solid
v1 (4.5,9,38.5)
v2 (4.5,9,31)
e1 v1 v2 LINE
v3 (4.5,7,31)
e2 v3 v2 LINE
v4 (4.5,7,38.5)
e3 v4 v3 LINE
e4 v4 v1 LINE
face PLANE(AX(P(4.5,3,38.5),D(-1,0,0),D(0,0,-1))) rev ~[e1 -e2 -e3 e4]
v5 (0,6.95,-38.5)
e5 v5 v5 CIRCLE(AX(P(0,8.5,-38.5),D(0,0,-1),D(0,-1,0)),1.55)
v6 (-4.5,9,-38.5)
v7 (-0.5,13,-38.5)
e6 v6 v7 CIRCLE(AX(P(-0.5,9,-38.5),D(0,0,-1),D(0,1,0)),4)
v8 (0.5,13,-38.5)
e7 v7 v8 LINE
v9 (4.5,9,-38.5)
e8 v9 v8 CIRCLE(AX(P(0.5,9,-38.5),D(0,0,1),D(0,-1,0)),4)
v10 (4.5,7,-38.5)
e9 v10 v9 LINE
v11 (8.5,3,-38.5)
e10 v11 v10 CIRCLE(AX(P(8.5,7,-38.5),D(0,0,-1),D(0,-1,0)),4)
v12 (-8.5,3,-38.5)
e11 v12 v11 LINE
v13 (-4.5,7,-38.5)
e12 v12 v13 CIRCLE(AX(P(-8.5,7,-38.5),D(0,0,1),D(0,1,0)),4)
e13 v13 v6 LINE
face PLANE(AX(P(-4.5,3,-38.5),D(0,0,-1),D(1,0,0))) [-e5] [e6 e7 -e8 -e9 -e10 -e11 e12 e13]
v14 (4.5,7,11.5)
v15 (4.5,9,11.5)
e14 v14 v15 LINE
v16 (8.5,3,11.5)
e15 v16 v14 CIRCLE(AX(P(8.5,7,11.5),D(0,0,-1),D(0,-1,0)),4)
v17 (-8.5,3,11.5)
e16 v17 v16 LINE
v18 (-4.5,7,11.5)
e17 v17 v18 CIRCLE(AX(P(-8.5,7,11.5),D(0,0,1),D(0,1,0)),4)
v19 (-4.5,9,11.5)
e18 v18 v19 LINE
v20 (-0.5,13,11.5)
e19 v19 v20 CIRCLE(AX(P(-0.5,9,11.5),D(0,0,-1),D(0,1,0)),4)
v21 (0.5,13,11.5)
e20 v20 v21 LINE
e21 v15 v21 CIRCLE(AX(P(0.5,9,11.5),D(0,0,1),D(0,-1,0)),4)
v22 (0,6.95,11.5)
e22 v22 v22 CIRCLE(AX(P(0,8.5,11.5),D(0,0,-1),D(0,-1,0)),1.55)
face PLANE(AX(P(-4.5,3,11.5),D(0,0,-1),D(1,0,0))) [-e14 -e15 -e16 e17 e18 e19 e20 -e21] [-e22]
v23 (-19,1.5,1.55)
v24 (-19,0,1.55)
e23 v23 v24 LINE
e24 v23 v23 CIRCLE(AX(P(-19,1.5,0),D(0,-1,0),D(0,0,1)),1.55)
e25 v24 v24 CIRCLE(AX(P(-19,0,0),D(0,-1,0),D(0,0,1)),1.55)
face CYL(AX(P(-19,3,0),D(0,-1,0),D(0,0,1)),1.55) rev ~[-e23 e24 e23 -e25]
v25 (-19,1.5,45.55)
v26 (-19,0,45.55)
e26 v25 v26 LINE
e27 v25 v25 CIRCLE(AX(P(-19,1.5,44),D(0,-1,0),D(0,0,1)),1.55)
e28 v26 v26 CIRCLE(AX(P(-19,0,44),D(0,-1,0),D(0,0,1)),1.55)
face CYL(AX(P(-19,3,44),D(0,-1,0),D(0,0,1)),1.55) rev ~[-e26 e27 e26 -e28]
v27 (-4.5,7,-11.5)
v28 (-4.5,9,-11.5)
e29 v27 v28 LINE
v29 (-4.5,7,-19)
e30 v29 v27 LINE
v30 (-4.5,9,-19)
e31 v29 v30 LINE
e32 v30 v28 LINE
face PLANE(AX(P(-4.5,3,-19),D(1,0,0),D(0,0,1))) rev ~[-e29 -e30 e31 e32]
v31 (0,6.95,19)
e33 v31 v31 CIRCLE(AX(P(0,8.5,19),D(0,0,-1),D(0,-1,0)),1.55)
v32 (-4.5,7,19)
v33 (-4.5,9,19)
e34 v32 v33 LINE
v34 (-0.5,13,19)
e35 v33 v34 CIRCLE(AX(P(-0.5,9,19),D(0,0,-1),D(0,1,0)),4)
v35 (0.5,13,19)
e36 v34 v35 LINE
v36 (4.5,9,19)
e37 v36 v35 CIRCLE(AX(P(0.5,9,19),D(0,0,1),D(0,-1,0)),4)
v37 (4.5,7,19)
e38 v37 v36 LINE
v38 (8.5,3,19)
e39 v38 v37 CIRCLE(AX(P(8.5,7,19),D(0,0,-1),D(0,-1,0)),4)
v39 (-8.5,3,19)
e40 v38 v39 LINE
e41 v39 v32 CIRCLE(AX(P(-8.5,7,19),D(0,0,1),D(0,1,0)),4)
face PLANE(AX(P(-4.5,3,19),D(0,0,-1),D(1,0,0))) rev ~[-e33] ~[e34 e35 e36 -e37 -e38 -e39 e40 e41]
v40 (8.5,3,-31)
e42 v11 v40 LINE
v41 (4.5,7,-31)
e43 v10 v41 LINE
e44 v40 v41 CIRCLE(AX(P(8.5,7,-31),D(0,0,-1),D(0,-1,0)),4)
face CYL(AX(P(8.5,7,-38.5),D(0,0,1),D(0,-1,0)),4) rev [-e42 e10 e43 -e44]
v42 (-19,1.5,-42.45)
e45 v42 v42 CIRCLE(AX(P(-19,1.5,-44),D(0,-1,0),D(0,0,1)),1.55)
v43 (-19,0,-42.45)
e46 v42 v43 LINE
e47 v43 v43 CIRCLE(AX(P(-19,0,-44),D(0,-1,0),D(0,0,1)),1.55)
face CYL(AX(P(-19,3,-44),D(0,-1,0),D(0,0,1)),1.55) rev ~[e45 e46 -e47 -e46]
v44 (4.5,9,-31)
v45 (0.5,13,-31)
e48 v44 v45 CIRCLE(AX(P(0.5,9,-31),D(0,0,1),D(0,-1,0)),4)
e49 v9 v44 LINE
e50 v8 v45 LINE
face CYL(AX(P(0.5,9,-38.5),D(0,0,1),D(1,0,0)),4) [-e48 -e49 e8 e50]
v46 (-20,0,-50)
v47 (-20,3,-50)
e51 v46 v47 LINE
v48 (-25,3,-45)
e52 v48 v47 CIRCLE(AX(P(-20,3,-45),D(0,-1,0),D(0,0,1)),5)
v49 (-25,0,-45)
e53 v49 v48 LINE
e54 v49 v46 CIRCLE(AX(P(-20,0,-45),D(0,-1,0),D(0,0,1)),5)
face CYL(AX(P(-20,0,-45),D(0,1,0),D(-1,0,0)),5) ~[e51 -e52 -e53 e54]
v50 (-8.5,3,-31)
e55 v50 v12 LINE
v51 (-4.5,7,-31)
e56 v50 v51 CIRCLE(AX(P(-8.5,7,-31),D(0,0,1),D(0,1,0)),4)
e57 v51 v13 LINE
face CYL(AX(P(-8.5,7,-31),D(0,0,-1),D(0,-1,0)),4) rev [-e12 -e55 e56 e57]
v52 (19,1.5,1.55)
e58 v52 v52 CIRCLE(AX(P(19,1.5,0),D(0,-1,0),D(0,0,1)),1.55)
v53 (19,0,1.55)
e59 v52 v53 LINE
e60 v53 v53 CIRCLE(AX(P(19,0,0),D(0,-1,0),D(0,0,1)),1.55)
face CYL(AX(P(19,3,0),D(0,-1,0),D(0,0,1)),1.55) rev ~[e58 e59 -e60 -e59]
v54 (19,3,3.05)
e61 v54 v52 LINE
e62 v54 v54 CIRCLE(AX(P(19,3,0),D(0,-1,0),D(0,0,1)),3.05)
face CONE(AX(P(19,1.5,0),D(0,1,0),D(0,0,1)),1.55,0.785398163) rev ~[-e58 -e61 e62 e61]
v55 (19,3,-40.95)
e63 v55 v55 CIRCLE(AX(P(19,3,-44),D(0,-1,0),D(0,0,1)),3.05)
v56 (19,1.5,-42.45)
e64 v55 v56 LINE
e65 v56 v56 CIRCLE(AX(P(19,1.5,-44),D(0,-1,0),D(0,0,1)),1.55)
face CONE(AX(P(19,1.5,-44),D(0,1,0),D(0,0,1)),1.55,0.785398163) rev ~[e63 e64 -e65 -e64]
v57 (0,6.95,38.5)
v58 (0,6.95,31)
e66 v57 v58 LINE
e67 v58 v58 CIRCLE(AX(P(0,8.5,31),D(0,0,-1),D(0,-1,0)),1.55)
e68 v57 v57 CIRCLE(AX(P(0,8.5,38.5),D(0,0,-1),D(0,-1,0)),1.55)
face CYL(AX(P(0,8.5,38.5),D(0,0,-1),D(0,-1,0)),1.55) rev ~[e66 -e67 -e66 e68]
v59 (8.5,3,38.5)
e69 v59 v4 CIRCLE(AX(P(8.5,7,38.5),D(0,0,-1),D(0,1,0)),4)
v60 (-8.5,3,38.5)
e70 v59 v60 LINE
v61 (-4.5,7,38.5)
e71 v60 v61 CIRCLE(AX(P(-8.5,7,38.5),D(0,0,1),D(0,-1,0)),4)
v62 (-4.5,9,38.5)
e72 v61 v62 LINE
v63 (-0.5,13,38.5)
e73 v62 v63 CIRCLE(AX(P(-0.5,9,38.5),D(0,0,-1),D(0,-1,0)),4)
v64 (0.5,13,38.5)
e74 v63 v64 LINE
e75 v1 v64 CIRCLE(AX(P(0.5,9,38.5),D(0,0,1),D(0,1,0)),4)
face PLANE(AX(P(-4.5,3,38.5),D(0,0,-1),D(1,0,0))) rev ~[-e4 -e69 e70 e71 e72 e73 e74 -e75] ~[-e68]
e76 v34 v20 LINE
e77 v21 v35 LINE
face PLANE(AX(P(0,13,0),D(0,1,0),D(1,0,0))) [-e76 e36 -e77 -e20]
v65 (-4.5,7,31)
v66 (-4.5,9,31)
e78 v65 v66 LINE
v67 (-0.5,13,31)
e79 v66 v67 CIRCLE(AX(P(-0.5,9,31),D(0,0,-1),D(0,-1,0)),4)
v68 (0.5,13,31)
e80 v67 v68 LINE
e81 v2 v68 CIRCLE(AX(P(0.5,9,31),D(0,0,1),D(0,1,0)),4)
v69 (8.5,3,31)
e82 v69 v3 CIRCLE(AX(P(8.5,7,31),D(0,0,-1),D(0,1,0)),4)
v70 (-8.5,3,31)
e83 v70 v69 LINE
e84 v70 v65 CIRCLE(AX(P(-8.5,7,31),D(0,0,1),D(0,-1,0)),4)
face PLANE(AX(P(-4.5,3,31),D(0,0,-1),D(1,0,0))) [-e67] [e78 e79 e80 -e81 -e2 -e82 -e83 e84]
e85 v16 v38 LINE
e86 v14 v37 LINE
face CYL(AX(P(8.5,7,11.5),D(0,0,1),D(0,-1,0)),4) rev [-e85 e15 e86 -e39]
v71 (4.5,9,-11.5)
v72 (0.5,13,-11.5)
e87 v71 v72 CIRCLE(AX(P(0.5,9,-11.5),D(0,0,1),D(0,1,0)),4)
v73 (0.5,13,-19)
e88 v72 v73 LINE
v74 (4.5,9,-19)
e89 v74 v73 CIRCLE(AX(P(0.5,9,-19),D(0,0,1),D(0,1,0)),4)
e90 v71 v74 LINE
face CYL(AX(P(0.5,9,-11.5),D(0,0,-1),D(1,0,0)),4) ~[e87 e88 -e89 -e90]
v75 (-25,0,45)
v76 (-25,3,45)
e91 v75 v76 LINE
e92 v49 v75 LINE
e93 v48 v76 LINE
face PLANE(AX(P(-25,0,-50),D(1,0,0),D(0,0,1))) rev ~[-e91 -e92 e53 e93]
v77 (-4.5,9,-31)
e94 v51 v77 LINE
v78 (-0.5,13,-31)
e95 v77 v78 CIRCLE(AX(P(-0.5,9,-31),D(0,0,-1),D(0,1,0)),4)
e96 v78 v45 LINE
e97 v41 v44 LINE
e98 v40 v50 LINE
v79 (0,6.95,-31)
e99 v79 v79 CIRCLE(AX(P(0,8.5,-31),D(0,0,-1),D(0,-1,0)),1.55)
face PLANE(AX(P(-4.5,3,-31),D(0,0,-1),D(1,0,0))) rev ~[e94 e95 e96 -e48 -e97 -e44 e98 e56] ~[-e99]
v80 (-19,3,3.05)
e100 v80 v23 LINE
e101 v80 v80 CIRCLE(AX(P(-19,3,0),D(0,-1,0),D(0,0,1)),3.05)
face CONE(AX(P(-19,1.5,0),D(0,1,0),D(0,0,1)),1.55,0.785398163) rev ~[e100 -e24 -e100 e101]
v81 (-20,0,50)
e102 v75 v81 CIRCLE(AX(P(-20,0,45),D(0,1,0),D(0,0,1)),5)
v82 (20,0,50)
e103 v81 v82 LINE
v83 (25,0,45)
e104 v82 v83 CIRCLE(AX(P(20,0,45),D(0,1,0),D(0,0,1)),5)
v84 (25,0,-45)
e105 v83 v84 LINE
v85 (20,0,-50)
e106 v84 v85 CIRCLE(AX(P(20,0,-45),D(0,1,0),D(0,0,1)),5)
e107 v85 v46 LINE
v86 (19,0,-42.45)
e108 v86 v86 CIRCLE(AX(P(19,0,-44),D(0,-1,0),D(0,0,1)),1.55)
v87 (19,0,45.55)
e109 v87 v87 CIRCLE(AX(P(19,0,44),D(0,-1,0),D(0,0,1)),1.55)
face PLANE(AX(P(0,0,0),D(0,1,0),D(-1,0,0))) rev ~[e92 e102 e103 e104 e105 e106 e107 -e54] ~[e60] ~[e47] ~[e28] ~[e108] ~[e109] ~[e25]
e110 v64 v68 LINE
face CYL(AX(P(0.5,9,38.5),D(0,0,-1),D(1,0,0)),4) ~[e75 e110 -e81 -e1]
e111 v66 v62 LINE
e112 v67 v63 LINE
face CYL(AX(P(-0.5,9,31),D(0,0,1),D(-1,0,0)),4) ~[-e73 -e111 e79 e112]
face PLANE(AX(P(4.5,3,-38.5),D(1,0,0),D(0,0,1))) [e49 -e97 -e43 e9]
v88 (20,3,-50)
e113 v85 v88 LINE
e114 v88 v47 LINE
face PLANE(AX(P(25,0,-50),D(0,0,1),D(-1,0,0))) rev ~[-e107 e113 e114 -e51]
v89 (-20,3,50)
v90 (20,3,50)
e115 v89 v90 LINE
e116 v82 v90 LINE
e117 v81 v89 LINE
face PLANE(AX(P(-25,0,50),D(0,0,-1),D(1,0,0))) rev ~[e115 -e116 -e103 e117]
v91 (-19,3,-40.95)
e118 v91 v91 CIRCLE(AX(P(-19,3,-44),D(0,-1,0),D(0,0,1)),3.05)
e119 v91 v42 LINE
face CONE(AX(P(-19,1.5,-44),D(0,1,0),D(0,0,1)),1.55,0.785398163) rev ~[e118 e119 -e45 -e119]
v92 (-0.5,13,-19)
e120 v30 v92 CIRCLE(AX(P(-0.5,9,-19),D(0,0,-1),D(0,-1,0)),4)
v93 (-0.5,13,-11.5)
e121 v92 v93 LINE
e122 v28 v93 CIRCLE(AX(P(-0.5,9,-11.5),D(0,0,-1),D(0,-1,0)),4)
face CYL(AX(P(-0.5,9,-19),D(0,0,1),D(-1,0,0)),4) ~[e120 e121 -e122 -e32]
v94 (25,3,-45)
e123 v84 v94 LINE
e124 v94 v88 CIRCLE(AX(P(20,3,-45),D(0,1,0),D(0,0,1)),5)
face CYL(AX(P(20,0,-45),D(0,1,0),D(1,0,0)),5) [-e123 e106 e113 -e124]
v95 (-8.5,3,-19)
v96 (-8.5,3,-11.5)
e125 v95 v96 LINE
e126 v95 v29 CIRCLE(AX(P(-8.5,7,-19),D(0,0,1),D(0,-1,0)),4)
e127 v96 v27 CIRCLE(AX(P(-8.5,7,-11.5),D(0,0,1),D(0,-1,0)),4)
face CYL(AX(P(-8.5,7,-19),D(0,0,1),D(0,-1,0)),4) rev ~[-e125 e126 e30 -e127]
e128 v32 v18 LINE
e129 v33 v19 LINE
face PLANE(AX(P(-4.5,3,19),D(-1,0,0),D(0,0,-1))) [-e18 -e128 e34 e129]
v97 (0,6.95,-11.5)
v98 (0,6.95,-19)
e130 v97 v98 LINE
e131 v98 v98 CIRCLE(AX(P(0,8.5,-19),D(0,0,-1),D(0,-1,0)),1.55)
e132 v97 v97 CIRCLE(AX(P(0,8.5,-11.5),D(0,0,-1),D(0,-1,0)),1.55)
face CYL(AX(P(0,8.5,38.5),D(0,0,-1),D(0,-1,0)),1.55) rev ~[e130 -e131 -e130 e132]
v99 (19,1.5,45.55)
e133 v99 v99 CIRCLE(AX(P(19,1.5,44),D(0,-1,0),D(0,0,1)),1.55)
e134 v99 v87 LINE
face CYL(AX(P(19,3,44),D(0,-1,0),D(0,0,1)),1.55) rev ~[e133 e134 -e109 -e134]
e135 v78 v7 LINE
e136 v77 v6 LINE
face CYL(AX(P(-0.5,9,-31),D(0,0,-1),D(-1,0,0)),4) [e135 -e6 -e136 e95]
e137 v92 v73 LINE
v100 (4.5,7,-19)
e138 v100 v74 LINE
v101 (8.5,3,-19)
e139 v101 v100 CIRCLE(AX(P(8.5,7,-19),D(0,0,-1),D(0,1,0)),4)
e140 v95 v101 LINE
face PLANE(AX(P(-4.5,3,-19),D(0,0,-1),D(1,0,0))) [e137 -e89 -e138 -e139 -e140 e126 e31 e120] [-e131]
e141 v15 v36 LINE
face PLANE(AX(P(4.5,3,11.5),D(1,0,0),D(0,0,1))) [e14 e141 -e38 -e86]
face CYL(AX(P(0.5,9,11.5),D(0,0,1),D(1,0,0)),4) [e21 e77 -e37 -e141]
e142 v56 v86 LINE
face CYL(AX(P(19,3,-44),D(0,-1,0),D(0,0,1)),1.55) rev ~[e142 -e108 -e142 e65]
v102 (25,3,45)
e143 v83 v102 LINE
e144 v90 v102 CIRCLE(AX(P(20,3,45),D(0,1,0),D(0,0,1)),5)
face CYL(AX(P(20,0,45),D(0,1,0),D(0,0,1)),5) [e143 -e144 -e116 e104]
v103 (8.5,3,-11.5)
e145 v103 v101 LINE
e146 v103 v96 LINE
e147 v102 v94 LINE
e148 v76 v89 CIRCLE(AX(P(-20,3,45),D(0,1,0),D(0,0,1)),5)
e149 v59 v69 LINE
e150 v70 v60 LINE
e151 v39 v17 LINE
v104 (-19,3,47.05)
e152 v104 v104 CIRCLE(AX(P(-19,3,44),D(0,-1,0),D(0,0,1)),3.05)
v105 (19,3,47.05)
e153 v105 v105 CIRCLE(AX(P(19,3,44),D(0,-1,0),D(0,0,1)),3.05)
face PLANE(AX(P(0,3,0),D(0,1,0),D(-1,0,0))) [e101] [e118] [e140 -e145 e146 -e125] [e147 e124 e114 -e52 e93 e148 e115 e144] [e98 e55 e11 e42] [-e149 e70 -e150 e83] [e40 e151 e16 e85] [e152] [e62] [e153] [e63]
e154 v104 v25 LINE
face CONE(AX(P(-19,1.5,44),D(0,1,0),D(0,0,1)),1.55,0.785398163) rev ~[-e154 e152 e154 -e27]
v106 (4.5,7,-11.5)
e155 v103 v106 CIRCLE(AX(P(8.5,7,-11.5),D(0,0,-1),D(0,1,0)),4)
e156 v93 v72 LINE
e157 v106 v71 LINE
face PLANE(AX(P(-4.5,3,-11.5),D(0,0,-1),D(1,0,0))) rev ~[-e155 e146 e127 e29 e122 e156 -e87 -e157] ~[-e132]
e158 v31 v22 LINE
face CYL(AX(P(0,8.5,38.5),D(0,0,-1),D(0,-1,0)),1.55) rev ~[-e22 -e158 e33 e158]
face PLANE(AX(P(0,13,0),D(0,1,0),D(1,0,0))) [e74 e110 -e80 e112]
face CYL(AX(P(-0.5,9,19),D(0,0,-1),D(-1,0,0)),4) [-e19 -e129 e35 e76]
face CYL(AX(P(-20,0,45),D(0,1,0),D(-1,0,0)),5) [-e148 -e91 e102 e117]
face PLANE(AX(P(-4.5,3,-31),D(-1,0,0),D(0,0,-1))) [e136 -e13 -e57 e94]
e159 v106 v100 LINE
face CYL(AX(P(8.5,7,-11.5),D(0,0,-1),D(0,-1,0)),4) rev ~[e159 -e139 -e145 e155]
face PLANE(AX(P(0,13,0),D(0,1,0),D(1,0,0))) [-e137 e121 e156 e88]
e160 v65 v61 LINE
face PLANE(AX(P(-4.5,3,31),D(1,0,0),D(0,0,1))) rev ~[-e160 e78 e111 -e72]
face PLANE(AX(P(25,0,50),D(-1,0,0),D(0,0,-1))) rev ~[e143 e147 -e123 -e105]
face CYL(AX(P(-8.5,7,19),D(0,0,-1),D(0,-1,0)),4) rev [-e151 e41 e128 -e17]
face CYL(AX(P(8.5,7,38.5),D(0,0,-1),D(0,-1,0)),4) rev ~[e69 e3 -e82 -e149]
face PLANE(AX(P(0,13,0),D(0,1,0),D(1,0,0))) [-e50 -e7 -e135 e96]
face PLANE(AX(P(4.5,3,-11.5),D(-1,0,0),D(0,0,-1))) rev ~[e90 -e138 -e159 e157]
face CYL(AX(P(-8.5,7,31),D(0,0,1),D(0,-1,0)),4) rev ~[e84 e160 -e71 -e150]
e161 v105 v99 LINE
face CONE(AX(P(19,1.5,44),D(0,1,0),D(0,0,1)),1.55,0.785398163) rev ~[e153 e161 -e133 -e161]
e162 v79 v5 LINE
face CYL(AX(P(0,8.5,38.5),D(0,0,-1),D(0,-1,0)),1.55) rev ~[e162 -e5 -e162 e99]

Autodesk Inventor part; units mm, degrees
ref_plane "YZ Plane" through (0, 0, 0) normal (1, 0, 0) x (0, 1, 0)
ref_plane "XZ Plane" through (0, 0, 0) normal (0, 1, 0) x (-1, 0, 0)
ref_plane "XY Plane" through (0, 0, 0) normal (0, 0, 1) x (1, 0, 0)
sketch "Sketch1" plane through (0, 0, 0) normal (0, 1, 0) x (-1, 0, 0)
  line L0 (25, 50) -> (-25, 50)
  line L1 (-25, 50) -> (-25, -50)
  line L2 (-25, -50) -> (25, -50)
  line L3 (25, -50) -> (25, 50)
  point P0 (0, 0)
  dimension "d0" = 100
  dimension "d1" = 50
  dimension "d2" = 25
  dimension "d3" = 50
extrude "Extrusion1" add sketch "Sketch1" along normal blind 3
sketch "Sketch2" plane through (0, 3, 0) normal (0, 1, 0) x (1, 0, 0)
  line L0 (-4.5, -30.5) -> (4.5, -30.5)
  line L1 (4.5, -30.5) -> (4.5, -19.5)
  line L2 (4.5, -19.5) -> (-4.5, -19.5)
  line L3 (-4.5, -19.5) -> (-4.5, -30.5)
  line L4 (-4.5, -19.5) -> (-4.5, -19)
  line L5 (-4.5, -19) -> (4.5, -19)
  line L6 (4.5, -19) -> (4.5, -19.5)
  line L7 (-4.5, -19) -> (-4.5, -11.5)
  line L8 (-4.5, -11.5) -> (4.5, -11.5)
  line L9 (4.5, -11.5) -> (4.5, -19)
  line L10 (-4.5, -30.5) -> (-4.5, -31)
  line L11 (-4.5, -31) -> (4.5, -31)
  line L12 (4.5, -31) -> (4.5, -30.5)
  line L13 (-4.5, -31) -> (-4.5, -38.5)
  line L14 (-4.5, -38.5) -> (4.5, -38.5)
  line L15 (4.5, -38.5) -> (4.5, -31)
  line L16 (-25, -50) -> (25, -50) projected
  line L17 (31.6742, 0) -> (-41.419, 0)
  line L18 (-4.5, 30.5) -> (4.5, 30.5)
  line L19 (4.5, 30.5) -> (4.5, 19.5)
  line L20 (4.5, 19.5) -> (-4.5, 19.5)
  line L21 (-4.5, 19.5) -> (-4.5, 30.5)
  line L22 (-4.5, 19.5) -> (-4.5, 19)
  line L23 (-4.5, 19) -> (4.5, 19)
  line L24 (4.5, 19) -> (4.5, 19.5)
  line L25 (-4.5, 19) -> (-4.5, 11.5)
  line L26 (-4.5, 11.5) -> (4.5, 11.5)
  line L27 (4.5, 11.5) -> (4.5, 19)
  line L28 (-4.5, 30.5) -> (-4.5, 31)
  line L29 (-4.5, 31) -> (4.5, 31)
  line L30 (4.5, 31) -> (4.5, 30.5)
  line L31 (-4.5, 31) -> (-4.5, 38.5)
  line L32 (-4.5, 38.5) -> (4.5, 38.5)
  line L33 (4.5, 38.5) -> (4.5, 31)
  line L34 (-25, 50) -> (-25, -50) projected
  line L35 (25, -50) -> (25, 50) projected
  line L36 (25, 50) -> (-25, 50) projected
  point P0 (0, 0)
  point P1 (-19, -44)
  point P2 (-19, 0)
  point P3 (-19, 44)
  point P4 (19, -44)
  point P5 (19, 0)
  point P6 (19, 44)
  dimension "d6" = 9
  dimension "d7" = 11
  dimension "d8" = 4.5
  dimension "d9" = 0.5
  dimension "d10" = 0.5
  dimension "d11" = 27
  dimension "d12" = 7.5
  dimension "d14" = 11.5
  dimension "d27" = 6
  dimension "d28" = 6
  dimension "d29" = 6
  dimension "d30" = 6
  dimension "d31" = 50
  dimension "d43" = 39
extrude "Extrusion2" add sketch "Sketch2" along normal blind 10 contours L11 L15 L14 L13 | L7 L8 L9 L5 | L31 L32 L33 L29 | L23 L27 L26 L25
sketch "Sketch3" plane through (-4.5, 3, 38.5) normal (0, 0, 1) x (1, 0, 0)
  line L0 (9, 0) -> (0, 0) projected
  line L1 (9, 0) -> (9, 10) projected
  line L2 (0, 10) -> (9, 10) projected
  line L3 (0, 0) -> (0, 10) projected
  point P0 (4.5, -3)
  point P1 (4.5, 5.5)
  point P2 (4.5, 10)
  dimension "d17" = 4.5
  dimension "d18" = 4.5
hole "Hole1" at (0, 8.5, 38.5) direction (0, 0, -1) diameter 3.1 end through all
fillet "Fillet1" radius 4 16 edges at (-4.5, 13, 34.75) (4.5, 13, 34.75) (-4.5, 13, 15.25) (4.5, 13, 15.25) (-4.5, 13, -15.25) (4.5, 13, -15.25) (-4.5, 13, -34.75) (4.5, 13, -34.75) (-4.5, 3, -34.75) (-4.5, 3, -15.25) (-4.5, 3, 15.25) (-4.5, 3, 34.75) (4.5, 3, 34.75) (4.5, 3, 15.25) (4.5, 3, -15.25) (4.5, 3, -34.75)
hole "Hole2" at (-19, 3, 44) at (-19, 3, 0) at (-19, 3, -44) at (19, 3, 44) at (19, 3, 0) at (19, 3, -44) direction (0, -1, 0) diameter 3.1 end through all
chamfer "Chamfer1" distance 1.5 angle 45 6 edges at (19, 3, -45.55) (19, 3, -1.55) (-19, 3, -45.55) (19, 3, 42.45) (-19, 3, -1.55) (-19, 3, 42.45)
fillet "Fillet2" radius 5 4 edges at (25, 1.5, 50) (-25, 1.5, 50) (-25, 1.5, -50) (25, 1.5, -50)
equation "\"d2\" = 0.5 * d1"
equation "\"d3\" = 0.5 * d0"
equation "\"d8\" = 0.5 * d6"
equation "\"d10\" = d9"
equation "\"d12\" = -0.5 * d10 - 0.5 * d7 + 0.5 * d11 - 0.5 * d9"
equation "\"d28\" = d27"
equation "\"d29\" = d28"
equation "\"d30\" = d29"
equation "\"d18\" = d17"
properties part number "3DP_PLA_Stand_Leg_Mount"
